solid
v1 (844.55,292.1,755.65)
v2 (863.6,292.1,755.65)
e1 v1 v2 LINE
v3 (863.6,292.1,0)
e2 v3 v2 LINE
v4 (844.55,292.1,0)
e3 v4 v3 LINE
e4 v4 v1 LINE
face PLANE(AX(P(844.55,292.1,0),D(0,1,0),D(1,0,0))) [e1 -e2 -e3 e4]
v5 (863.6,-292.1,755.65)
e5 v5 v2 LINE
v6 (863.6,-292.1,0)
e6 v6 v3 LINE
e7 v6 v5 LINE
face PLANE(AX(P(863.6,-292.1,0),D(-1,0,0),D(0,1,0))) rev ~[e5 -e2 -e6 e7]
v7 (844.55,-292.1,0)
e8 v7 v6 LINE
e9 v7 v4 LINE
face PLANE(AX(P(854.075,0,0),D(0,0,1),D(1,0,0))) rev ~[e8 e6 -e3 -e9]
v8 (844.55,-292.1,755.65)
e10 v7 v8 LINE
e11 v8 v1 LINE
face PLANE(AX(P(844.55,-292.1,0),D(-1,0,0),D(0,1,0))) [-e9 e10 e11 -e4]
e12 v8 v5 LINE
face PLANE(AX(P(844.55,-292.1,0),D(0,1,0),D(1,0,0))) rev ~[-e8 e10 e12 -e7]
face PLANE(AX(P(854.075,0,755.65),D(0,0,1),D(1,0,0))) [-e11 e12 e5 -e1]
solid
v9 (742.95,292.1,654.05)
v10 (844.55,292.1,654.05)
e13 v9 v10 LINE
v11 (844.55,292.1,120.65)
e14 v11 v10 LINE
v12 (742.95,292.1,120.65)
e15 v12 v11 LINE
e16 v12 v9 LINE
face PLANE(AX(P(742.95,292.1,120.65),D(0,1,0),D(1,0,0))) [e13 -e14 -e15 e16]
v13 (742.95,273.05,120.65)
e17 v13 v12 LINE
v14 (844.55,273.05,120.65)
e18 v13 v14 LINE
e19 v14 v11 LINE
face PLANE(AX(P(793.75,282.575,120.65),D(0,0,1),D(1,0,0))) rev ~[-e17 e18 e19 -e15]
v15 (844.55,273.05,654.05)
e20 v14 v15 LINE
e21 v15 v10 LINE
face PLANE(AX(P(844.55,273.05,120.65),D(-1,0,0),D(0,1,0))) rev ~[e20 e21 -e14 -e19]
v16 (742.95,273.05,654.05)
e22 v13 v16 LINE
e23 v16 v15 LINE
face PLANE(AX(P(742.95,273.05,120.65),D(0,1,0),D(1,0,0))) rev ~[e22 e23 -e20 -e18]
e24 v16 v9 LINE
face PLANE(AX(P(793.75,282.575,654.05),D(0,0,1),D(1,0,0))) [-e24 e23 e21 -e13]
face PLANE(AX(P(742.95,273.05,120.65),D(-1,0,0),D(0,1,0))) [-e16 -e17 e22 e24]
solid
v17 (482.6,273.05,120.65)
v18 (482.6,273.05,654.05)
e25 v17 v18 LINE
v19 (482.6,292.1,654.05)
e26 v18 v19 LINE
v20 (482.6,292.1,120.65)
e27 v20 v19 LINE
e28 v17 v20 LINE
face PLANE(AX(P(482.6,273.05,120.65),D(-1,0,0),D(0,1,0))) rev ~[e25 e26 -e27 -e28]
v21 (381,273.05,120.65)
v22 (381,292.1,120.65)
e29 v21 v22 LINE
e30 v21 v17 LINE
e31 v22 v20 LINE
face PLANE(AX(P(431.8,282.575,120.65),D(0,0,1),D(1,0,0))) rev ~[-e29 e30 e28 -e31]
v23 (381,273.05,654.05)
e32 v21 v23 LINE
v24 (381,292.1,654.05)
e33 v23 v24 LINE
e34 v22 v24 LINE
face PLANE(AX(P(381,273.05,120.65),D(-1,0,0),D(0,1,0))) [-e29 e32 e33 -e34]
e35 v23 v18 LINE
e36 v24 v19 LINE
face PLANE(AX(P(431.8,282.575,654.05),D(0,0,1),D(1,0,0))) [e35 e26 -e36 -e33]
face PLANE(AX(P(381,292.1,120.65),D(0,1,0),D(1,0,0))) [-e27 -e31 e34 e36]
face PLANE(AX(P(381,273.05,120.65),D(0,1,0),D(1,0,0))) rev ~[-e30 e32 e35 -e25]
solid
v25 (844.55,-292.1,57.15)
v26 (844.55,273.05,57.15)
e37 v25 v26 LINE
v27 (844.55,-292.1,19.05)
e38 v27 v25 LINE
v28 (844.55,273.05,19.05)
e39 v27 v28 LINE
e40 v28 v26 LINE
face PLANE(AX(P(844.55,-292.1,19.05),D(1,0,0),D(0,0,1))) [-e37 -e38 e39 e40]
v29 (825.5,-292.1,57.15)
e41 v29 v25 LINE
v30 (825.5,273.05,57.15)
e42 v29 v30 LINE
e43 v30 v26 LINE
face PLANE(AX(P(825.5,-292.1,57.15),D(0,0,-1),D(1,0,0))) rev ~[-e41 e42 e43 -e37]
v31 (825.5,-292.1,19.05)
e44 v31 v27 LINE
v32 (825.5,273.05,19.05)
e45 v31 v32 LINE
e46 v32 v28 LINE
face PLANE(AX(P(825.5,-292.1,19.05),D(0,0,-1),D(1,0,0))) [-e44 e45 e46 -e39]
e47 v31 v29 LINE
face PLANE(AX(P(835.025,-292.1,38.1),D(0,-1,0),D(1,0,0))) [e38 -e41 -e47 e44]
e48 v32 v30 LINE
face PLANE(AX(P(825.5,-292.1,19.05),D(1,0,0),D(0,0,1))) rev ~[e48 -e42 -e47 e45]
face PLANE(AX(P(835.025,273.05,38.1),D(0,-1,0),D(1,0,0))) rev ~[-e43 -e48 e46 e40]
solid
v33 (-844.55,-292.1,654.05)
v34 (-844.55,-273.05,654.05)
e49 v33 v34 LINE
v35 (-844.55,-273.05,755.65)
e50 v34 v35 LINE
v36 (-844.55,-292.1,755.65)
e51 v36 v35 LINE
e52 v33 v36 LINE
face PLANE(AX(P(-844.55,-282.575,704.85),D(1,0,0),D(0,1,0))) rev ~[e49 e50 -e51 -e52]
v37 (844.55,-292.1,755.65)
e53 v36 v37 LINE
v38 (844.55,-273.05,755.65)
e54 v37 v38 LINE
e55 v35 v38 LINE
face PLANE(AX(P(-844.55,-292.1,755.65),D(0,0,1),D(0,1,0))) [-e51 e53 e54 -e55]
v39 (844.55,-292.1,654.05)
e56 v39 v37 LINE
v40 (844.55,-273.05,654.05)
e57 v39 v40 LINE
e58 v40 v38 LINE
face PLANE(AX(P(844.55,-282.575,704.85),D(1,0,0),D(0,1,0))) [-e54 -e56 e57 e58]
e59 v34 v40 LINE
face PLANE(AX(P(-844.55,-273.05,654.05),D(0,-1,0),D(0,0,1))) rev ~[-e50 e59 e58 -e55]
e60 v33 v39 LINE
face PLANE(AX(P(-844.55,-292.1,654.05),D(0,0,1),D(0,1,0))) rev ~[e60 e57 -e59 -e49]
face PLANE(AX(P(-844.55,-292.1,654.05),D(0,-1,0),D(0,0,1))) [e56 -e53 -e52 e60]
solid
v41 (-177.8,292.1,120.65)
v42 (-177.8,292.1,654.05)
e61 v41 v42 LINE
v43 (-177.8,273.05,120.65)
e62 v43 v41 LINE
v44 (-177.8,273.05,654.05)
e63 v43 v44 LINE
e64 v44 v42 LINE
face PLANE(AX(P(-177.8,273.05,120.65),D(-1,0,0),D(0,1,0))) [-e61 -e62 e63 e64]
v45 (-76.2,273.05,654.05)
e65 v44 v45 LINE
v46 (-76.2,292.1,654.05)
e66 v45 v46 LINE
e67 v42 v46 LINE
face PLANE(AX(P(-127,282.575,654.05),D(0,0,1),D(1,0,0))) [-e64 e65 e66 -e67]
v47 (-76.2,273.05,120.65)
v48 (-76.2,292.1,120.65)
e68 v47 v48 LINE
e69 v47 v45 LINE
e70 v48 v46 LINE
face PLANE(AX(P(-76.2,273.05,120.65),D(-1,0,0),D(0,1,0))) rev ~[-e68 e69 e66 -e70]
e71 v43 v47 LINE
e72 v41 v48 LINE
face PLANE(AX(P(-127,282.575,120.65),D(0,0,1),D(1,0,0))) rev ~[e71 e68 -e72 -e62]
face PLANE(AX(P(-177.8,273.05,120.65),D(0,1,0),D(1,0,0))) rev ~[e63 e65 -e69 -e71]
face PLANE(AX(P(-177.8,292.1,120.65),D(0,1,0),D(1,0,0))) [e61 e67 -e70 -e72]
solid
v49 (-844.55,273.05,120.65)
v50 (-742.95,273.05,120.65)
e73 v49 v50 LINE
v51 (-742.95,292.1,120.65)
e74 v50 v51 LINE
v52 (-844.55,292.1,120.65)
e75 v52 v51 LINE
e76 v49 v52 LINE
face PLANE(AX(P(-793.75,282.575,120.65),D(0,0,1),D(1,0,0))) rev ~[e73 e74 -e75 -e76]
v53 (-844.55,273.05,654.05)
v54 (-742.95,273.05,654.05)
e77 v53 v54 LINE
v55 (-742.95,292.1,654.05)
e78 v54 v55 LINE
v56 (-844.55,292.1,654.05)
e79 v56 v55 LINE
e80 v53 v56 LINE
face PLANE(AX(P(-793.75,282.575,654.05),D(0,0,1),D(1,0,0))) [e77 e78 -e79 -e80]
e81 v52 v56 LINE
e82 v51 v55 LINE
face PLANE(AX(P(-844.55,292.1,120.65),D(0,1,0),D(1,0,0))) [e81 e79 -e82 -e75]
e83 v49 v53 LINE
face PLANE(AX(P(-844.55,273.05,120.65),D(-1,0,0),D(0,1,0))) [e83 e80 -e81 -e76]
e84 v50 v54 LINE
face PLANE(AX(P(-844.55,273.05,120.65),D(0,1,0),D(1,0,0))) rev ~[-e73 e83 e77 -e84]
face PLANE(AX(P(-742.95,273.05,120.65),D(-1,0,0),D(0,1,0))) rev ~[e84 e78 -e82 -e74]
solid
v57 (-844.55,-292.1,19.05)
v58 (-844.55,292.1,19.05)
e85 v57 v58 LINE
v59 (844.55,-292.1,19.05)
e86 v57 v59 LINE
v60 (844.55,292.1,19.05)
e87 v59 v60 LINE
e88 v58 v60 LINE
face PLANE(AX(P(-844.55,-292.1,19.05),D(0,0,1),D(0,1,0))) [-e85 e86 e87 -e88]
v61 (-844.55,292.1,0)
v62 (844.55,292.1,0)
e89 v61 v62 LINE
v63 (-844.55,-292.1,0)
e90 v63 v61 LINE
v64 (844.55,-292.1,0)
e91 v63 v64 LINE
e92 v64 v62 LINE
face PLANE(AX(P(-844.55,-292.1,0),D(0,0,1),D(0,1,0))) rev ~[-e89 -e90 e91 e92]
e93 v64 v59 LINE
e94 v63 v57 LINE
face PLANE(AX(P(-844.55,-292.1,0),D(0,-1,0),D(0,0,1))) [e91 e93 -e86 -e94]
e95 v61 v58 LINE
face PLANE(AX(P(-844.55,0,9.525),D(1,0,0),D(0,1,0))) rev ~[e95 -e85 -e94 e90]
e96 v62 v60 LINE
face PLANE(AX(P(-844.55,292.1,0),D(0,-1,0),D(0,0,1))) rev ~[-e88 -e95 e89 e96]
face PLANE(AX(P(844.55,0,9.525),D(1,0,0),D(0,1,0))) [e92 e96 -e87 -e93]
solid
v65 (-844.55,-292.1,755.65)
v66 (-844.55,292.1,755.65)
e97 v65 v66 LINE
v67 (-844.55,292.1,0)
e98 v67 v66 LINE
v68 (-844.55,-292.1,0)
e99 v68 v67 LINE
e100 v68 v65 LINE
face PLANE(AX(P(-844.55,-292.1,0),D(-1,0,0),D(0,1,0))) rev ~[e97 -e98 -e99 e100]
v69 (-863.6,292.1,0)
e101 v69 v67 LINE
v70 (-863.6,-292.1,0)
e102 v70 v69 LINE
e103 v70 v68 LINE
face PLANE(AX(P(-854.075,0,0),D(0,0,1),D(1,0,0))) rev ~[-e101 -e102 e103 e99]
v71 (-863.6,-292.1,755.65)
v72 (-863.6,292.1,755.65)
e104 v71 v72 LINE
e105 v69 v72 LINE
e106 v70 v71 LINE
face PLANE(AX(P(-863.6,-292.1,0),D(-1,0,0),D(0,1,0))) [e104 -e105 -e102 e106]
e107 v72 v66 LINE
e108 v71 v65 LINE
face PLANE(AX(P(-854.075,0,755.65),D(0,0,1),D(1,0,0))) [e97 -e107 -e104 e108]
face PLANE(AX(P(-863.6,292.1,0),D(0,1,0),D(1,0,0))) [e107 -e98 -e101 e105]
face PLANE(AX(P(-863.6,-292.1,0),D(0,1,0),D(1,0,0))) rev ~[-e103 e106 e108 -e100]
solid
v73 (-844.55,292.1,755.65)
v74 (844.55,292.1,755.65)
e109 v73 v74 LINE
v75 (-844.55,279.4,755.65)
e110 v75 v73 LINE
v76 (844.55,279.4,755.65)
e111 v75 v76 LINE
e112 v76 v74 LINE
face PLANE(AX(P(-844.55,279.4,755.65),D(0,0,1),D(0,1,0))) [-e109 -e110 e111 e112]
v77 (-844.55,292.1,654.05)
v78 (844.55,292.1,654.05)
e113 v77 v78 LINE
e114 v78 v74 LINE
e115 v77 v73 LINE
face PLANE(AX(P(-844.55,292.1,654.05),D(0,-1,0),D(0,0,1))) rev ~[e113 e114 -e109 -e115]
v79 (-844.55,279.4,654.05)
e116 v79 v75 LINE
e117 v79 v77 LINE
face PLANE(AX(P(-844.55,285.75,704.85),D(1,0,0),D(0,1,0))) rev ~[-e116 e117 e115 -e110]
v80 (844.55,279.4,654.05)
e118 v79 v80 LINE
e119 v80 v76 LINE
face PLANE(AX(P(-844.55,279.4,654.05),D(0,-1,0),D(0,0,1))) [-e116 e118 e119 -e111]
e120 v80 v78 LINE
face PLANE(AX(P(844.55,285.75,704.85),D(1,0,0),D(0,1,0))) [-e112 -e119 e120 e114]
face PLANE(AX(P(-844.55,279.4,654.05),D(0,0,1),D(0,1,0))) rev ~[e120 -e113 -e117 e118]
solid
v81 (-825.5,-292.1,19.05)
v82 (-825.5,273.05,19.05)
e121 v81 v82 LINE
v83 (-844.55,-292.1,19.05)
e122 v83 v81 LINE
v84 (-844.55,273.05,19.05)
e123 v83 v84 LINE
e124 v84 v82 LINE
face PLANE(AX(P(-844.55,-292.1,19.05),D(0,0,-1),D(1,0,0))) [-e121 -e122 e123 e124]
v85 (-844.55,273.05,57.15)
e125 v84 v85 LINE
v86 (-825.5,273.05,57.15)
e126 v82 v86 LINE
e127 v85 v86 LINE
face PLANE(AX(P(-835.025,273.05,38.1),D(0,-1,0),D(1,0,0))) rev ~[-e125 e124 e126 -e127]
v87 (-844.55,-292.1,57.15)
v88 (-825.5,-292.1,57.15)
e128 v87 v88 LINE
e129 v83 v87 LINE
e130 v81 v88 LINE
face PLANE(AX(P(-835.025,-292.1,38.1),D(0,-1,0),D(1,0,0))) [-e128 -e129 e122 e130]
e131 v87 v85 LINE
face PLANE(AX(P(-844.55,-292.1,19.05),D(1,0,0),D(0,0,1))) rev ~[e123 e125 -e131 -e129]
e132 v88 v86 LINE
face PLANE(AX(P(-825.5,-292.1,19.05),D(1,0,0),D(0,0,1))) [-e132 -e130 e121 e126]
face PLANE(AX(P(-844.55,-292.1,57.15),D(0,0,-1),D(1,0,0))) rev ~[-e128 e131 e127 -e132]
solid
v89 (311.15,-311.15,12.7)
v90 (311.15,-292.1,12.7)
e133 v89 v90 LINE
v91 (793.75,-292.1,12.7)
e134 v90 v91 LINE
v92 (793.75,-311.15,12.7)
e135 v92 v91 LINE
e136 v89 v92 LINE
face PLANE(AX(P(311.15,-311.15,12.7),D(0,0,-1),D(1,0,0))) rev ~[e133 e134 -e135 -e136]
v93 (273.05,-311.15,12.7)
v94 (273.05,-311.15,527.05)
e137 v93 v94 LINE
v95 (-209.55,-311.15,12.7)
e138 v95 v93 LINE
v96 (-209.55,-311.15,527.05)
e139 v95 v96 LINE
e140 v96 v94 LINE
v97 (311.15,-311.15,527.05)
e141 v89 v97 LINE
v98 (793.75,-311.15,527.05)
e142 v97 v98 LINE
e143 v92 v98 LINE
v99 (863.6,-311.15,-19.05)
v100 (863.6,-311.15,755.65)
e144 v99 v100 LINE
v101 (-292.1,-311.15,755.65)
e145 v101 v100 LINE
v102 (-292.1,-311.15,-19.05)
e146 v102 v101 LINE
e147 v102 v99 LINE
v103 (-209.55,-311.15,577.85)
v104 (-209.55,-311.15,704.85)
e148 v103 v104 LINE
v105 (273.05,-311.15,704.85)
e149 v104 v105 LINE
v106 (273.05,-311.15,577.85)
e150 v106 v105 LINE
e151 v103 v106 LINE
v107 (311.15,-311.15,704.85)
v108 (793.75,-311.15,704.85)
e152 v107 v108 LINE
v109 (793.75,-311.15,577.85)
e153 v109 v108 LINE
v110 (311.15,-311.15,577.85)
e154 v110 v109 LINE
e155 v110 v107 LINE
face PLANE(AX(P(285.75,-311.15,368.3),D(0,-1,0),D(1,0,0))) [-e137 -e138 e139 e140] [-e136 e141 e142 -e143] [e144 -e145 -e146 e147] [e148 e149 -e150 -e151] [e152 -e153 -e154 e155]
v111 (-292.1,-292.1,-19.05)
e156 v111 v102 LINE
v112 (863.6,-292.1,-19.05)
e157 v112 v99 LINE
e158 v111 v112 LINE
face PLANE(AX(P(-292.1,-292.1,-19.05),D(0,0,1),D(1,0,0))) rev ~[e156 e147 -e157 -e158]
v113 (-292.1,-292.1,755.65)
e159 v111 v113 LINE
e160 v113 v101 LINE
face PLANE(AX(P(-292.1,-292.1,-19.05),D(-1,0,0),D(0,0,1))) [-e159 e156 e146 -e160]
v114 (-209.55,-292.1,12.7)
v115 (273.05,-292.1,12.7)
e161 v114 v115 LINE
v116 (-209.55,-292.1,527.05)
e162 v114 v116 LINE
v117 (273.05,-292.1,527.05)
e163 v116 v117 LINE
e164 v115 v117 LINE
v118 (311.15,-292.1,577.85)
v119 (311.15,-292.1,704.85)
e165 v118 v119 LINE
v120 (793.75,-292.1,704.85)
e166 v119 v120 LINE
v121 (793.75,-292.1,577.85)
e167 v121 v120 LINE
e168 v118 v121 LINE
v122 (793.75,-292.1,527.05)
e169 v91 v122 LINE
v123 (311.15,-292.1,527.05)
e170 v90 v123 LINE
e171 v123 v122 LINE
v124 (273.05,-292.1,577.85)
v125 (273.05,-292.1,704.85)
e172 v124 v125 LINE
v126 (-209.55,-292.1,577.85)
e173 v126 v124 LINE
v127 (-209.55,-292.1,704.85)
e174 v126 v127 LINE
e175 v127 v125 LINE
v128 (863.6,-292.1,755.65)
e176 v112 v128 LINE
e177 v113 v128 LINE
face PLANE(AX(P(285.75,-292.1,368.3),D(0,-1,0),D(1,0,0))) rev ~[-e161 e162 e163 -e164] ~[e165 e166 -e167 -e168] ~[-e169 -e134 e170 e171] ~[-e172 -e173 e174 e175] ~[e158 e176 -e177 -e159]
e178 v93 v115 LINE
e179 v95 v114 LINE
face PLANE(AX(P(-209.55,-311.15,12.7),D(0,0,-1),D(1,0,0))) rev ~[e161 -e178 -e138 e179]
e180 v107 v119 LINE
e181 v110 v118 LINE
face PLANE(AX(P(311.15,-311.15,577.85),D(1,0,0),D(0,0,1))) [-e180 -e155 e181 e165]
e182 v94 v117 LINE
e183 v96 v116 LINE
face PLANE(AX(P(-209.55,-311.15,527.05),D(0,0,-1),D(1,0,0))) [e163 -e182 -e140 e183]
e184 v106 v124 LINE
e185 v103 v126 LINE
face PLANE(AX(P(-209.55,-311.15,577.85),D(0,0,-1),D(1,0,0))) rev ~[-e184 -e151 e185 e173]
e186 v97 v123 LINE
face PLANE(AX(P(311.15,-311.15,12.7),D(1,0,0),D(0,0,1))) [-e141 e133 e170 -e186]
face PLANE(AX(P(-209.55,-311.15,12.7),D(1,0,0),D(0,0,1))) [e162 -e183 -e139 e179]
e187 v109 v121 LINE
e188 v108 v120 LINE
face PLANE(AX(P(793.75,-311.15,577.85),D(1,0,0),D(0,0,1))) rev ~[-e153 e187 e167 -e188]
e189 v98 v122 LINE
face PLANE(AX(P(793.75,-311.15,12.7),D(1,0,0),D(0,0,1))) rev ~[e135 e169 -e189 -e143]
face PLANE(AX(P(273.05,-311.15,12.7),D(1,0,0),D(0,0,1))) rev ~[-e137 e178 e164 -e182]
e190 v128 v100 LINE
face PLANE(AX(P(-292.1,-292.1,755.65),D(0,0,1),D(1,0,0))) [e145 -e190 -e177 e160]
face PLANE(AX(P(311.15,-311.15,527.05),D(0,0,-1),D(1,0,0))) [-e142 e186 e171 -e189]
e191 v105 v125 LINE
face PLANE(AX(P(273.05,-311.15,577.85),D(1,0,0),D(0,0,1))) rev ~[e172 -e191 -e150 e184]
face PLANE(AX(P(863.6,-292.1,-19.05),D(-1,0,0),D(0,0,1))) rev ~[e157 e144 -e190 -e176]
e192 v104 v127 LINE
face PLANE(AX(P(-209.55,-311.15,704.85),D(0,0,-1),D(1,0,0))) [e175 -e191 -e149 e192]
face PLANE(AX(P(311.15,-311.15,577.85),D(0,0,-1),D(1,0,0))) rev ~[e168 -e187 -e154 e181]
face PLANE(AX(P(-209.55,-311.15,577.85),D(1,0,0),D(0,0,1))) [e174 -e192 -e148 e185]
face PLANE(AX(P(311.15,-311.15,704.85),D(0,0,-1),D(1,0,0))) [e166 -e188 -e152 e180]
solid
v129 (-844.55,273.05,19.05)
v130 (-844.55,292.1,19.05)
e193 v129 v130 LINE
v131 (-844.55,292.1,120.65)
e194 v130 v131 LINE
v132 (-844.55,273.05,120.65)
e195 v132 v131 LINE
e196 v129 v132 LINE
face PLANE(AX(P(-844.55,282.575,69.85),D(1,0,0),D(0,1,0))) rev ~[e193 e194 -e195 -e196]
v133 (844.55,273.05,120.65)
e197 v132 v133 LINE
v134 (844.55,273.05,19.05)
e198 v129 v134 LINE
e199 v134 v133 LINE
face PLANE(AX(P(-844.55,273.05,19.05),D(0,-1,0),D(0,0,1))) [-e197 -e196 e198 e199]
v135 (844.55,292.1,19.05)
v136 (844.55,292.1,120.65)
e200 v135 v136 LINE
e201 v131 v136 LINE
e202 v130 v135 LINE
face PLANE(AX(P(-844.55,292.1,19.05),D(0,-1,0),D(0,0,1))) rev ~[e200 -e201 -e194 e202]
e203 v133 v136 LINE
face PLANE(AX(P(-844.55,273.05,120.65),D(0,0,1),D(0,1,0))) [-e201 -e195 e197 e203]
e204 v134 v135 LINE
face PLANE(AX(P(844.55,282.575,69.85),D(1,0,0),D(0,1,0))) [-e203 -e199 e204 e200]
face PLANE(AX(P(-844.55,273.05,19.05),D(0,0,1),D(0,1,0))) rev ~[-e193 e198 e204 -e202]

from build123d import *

# Parameters (mm, degrees)
F0_W      = 19.05
F0_H      = 584.2
F1_DEPTH  = 755.65
F2_W      = 584.2
F2_H      = 19.05
F3_DEPTH  = 1689.1
F4_W      = 19.05
F4_H      = 38.1
F5_DEPTH  = 565.15
F6_W      = 19.05
F6_H      = 101.6
F6_W_2    = 12.7
F7_DEPTH  = 1689.1
F8_W      = 101.6
F8_H      = 19.05
F9_DEPTH  = 533.4
F10_W     = 1155.7
F10_H     = 774.7
F11_DEPTH = 19.05
F12_W     = 482.6
F12_H     = 127
F12_H_2   = 514.35
F13_DEPTH = 19.05


with BuildPart() as f1:
    # F0 (on Top) → F1 (new body)
    with BuildSketch(Plane.XY):
        with Locations((-854.075, 0)):
            Rectangle(F0_W, F0_H)
        with Locations((854.075, 0)):
            Rectangle(F0_W, F0_H)
    extrude(amount=F1_DEPTH)


with BuildPart() as f3:
    # F2 (on face) → F3 (new body)
    with BuildSketch(Plane.YZ.offset(-844.55)):
        with Locations((0, 9.525)):
            Rectangle(F2_W, F2_H)
    extrude(amount=F3_DEPTH)


with BuildPart() as f5:
    # F4 (on face) → F5 (new body)
    with BuildSketch(Plane.XZ.offset(292.1)):
        with Locations((-835.025, 38.1)):
            Rectangle(F4_W, F4_H)
        with Locations((835.025, 38.1)):
            Rectangle(F4_W, F4_H)
    extrude(amount=-F5_DEPTH)


with BuildPart() as f7:
    # F6 (on face) → F7 (new body)
    with BuildSketch(Plane.YZ.offset(-844.55)):
        with Locations((-282.575, 704.85)):
            Rectangle(F6_W, F6_H)
        with Locations((285.75, 704.85)):
            Rectangle(F6_W_2, F6_H)
        with Locations((282.575, 69.85)):
            Rectangle(F6_W, F6_H)
    extrude(amount=F7_DEPTH)


with BuildPart() as f9:
    # F8 (on face) → F9 (new body)
    with BuildSketch(Plane.XY.offset(120.65)):
        with Locations((-793.75, 282.575)):
            Rectangle(F8_W, F8_H)
        with Locations((431.8, 282.575)):
            Rectangle(F8_W, F8_H)
        with Locations((-127, 282.575)):
            Rectangle(F8_W, F8_H)
        with Locations((793.75, 282.575)):
            Rectangle(F8_W, F8_H)
    extrude(amount=F9_DEPTH)


with BuildPart() as f11:
    # F10 (on face) → F11 (new body)
    with BuildSketch(Plane.XZ.offset(292.1)):
        with Locations((285.75, 368.3)):
            Rectangle(F10_W, F10_H)
    extrude(amount=F11_DEPTH)

    # F12 (on face) → F13 (cut)
    with BuildSketch(Plane.XZ.offset(311.15)):
        with Locations((552.45, 641.35)):
            Rectangle(F12_W, F12_H)
        with Locations((31.75, 269.875)):
            Rectangle(F12_W, F12_H_2)
        with Locations((552.45, 269.875)):
            Rectangle(F12_W, F12_H_2)
        with Locations((31.75, 641.35)):
            Rectangle(F12_W, F12_H)
    extrude(amount=-F13_DEPTH, mode=Mode.SUBTRACT)


solid = Compound([f1.part, f3.part, f5.part, f7.part, f9.part, f11.part])
